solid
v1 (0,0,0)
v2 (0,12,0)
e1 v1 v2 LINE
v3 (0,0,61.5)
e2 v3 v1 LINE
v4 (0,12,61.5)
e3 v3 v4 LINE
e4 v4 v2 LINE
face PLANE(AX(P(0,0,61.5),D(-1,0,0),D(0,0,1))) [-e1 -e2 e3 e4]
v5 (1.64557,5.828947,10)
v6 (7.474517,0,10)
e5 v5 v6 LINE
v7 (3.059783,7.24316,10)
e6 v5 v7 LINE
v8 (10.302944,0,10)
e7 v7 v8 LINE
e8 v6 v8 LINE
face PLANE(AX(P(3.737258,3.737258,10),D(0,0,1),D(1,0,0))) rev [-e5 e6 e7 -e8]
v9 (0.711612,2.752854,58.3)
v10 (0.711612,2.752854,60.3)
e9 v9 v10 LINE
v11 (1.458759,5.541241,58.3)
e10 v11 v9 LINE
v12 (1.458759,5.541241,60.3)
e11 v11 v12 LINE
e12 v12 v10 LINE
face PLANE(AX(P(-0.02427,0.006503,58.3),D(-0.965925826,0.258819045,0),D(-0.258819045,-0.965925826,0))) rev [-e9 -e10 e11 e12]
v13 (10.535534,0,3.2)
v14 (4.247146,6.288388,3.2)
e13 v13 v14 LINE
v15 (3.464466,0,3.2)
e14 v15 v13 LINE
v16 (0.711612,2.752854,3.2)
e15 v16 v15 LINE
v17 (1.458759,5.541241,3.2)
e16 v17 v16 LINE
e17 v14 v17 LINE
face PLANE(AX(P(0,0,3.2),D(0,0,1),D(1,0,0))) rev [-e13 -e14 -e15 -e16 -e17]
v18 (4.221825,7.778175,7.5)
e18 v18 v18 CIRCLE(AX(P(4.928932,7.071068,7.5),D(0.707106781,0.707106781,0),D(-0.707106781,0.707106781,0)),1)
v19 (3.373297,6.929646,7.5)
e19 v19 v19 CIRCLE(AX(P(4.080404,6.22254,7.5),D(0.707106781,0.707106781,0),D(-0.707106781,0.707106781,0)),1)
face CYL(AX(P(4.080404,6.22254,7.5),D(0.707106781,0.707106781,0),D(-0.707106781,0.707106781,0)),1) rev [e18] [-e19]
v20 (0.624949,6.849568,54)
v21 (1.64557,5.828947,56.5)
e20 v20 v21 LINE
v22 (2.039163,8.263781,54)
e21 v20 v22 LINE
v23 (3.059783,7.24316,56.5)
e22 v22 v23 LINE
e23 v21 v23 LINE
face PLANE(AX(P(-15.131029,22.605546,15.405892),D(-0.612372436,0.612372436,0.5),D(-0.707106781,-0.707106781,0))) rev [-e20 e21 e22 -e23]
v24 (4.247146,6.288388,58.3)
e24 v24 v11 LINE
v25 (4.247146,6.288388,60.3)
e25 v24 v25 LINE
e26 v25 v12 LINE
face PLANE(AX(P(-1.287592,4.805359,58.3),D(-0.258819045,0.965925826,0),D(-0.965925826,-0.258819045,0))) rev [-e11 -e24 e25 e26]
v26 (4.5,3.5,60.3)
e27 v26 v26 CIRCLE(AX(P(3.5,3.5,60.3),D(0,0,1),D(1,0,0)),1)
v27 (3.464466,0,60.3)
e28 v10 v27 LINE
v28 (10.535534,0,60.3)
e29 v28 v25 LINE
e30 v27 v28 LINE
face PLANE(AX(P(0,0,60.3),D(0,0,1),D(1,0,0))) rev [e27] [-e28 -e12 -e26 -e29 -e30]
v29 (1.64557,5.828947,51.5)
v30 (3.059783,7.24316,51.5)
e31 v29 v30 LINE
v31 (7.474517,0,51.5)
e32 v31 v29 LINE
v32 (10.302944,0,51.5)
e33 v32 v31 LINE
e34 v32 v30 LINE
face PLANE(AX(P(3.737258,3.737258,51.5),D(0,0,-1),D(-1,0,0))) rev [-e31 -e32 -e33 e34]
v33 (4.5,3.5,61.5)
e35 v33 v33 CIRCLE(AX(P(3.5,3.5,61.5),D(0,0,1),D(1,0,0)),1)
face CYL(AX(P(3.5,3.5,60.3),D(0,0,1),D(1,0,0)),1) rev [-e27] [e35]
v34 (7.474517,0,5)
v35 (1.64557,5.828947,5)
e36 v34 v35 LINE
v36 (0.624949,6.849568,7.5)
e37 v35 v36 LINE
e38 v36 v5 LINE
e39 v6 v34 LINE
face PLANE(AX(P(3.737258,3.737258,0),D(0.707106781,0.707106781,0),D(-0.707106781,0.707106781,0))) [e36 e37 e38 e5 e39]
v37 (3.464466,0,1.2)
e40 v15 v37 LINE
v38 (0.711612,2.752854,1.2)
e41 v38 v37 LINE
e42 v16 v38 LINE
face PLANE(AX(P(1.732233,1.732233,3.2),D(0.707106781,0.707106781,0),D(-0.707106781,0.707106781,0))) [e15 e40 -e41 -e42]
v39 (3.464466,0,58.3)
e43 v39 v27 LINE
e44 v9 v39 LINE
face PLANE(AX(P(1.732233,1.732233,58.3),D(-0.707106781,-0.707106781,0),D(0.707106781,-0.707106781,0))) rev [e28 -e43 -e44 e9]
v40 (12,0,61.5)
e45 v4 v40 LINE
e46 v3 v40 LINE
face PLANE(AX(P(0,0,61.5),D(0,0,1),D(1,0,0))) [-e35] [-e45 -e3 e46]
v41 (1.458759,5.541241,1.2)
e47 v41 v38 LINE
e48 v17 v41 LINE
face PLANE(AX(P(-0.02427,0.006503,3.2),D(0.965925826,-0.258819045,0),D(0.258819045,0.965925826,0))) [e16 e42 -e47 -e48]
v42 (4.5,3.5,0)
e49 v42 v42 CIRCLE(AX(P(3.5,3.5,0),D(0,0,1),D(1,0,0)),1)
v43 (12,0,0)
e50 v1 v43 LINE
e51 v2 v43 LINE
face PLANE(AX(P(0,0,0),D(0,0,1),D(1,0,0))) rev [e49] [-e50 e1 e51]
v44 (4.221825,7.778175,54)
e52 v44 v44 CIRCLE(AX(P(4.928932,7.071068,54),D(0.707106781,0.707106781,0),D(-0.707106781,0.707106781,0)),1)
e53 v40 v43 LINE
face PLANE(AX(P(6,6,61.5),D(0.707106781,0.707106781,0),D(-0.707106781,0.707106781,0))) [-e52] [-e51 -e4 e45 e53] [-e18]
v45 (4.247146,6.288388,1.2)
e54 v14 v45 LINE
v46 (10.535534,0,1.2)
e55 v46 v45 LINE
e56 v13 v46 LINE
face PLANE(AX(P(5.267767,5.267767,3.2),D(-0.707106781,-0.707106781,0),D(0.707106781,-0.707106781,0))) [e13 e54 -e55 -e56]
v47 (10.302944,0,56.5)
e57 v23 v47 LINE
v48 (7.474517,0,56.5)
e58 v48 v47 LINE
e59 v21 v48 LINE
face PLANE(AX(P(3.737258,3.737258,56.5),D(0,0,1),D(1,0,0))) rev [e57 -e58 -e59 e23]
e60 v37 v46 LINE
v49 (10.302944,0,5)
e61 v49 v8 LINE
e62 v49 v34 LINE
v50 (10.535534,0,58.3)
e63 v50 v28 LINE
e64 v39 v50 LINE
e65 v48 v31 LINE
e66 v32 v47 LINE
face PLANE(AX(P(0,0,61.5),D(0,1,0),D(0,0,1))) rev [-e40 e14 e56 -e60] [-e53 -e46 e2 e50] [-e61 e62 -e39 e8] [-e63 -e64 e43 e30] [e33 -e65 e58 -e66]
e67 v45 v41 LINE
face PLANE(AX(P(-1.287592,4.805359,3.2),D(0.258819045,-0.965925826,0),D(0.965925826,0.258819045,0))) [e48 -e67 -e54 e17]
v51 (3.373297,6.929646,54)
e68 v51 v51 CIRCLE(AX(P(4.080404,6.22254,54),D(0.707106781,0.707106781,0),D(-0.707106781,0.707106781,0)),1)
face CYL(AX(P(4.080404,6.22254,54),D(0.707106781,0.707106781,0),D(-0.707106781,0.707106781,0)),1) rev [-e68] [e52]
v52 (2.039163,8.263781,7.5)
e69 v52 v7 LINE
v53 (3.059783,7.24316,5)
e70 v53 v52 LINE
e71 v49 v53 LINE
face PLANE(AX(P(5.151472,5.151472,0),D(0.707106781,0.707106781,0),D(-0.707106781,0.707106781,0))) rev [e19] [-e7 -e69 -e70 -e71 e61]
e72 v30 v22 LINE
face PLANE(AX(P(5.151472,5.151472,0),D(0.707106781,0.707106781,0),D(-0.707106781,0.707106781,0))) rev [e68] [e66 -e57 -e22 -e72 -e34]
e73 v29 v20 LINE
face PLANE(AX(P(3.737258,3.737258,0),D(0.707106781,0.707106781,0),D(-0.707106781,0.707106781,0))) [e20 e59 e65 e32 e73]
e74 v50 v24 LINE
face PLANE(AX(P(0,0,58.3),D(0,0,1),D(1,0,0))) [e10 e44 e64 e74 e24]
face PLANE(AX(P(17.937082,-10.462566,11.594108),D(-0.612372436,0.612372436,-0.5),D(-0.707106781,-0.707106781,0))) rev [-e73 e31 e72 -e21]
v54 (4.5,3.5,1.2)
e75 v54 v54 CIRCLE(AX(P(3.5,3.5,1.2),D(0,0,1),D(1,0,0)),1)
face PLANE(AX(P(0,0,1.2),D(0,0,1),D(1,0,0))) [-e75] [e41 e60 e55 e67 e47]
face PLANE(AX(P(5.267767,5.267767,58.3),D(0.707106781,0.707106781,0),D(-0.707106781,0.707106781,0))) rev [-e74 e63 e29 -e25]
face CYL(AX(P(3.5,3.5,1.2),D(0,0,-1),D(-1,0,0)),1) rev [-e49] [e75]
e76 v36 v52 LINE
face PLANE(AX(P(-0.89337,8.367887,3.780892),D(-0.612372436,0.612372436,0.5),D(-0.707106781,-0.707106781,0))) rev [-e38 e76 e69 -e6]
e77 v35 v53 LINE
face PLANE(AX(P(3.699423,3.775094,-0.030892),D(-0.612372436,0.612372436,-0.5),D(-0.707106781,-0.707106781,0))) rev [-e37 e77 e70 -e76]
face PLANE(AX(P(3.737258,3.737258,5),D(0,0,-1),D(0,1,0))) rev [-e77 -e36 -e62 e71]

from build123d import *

# Parameters (mm, degrees)
BOSS_EXTRUDE1_DEPTH = 61.5
CUT_EXTRUDE1_DEPTH  = 3.2
SKETCH1_5_R         = 1
BOSS_EXTRUDE2_DEPTH = 1.2
CUT_EXTRUDE2_DEPTH  = 3.2
BOSS_EXTRUDE3_START = -1.2
SKETCH2_4_R         = 1
BOSS_EXTRUDE3_DEPTH = 1.2
CUT_EXTRUDE3_DEPTH  = 3.2
SKETCH4_3_R         = 1
BOSS_EXTRUDE4_DEPTH = 1.2
CUT_EXTRUDE4_DEPTH  = 64.798510954


with BuildPart() as part:
    # Sketch1 → Boss-Extrude1 (new body)
    with BuildSketch(Plane.XY):
        Polygon((12, 0), (0, 12), (0, 0), align=None)
    extrude(amount=BOSS_EXTRUDE1_DEPTH)

    # Sketch1<4> → Cut-Extrude1 (cut)
    with BuildSketch(Plane.XY):
        Polygon((10.535533906, 0), (4.247146227, 6.288387679), (1.458758548, 5.541241452), (0.711612321, 2.752853773), (3.464466094, 0), align=None)
    extrude(amount=CUT_EXTRUDE1_DEPTH, mode=Mode.SUBTRACT)

    # Sketch1<5> → Boss-Extrude2 (add)
    with BuildSketch(Plane.XY):
        Polygon((10.535533906, 0), (4.247146227, 6.288387679), (1.458758548, 5.541241452), (0.711612321, 2.752853773), (3.464466094, 0), align=None)
        with Locations((3.5, 3.5)):
            Circle(SKETCH1_5_R, mode=Mode.SUBTRACT)
    extrude(amount=BOSS_EXTRUDE2_DEPTH)

    # Sketch2 → Cut-Extrude2 (cut)
    with BuildSketch(Plane.XY.offset(61.5)):
        Polygon((0.711612321, 2.752853773), (3.464466094, 0), (10.535533906, 0), (4.247146227, 6.288387679), (1.458758548, 5.541241452), align=None)
    extrude(amount=-CUT_EXTRUDE2_DEPTH, mode=Mode.SUBTRACT)

    # Sketch2<4> → Boss-Extrude3 (add)
    with BuildSketch(Plane.XY.offset(61.5).offset(BOSS_EXTRUDE3_START)):
        Polygon((0.711612321, 2.752853773), (3.464466094, 0), (10.535533906, 0), (4.247146227, 6.288387679), (1.458758548, 5.541241452), align=None)
        with Locations((3.5, 3.5)):
            Circle(SKETCH2_4_R, mode=Mode.SUBTRACT)
    extrude(amount=BOSS_EXTRUDE3_DEPTH)

    # Sketch4 → Cut-Extrude3 (cut)
    with BuildSketch(Plane(origin=(6, 6, 0), x_dir=(0, 0, -1), z_dir=(0.7071067811865477, 0.7071067811865475, 0))):
        Polygon((-51.5, -8.485281374), (-51.5, 2.958094299), (-54, 4.401469972), (-56.5, 2.958094299), (-56.5, -8.485281374), align=None)
        Polygon((-5, -8.485281374), (-5, 2.958094299), (-7.5, 4.401469972), (-10, 2.958094299), (-10, -8.485281374), align=None)
    extrude(amount=-CUT_EXTRUDE3_DEPTH, mode=Mode.SUBTRACT)

    # Sketch4<3> → Boss-Extrude4 (add)
    # profile 1 of 2: a face of its own
    with BuildSketch(Plane(origin=(6, 6, 0), x_dir=(0, 0, -1), z_dir=(0.7071067811865477, 0.7071067811865475, 0))):
        Polygon((-51.5, -8.485281374), (-51.5, 2.958094299), (-54, 4.401469972), (-56.5, 2.958094299), (-56.5, -8.485281374), align=None)
        with Locations((-54, 1.514718626)):
            Circle(SKETCH4_3_R, mode=Mode.SUBTRACT)
    # profile 2 of 2: a face of its own
    with BuildSketch(Plane(origin=(6, 6, 0), x_dir=(0, 0, -1), z_dir=(0.7071067811865477, 0.7071067811865475, 0))):
        Polygon((-5, -8.485281374), (-5, 2.958094299), (-7.5, 4.401469972), (-10, 2.958094299), (-10, -8.485281374), align=None)
        with Locations((-7.5, 1.514718626)):
            Circle(SKETCH4_3_R, mode=Mode.SUBTRACT)
    extrude(amount=-BOSS_EXTRUDE4_DEPTH)

    # Sketch1<6> → Cut-Extrude4 (cut, through all)
    with BuildSketch(Plane.XY):
        Polygon((12, -2.237434652), (12, 0), (10.535533906, 0), (7, 0), (3.5, 0), (3.464466094, 0), (0, 0), (0, -2.237434652), align=None)
    extrude(amount=CUT_EXTRUDE4_DEPTH, mode=Mode.SUBTRACT)


solid = part.part
